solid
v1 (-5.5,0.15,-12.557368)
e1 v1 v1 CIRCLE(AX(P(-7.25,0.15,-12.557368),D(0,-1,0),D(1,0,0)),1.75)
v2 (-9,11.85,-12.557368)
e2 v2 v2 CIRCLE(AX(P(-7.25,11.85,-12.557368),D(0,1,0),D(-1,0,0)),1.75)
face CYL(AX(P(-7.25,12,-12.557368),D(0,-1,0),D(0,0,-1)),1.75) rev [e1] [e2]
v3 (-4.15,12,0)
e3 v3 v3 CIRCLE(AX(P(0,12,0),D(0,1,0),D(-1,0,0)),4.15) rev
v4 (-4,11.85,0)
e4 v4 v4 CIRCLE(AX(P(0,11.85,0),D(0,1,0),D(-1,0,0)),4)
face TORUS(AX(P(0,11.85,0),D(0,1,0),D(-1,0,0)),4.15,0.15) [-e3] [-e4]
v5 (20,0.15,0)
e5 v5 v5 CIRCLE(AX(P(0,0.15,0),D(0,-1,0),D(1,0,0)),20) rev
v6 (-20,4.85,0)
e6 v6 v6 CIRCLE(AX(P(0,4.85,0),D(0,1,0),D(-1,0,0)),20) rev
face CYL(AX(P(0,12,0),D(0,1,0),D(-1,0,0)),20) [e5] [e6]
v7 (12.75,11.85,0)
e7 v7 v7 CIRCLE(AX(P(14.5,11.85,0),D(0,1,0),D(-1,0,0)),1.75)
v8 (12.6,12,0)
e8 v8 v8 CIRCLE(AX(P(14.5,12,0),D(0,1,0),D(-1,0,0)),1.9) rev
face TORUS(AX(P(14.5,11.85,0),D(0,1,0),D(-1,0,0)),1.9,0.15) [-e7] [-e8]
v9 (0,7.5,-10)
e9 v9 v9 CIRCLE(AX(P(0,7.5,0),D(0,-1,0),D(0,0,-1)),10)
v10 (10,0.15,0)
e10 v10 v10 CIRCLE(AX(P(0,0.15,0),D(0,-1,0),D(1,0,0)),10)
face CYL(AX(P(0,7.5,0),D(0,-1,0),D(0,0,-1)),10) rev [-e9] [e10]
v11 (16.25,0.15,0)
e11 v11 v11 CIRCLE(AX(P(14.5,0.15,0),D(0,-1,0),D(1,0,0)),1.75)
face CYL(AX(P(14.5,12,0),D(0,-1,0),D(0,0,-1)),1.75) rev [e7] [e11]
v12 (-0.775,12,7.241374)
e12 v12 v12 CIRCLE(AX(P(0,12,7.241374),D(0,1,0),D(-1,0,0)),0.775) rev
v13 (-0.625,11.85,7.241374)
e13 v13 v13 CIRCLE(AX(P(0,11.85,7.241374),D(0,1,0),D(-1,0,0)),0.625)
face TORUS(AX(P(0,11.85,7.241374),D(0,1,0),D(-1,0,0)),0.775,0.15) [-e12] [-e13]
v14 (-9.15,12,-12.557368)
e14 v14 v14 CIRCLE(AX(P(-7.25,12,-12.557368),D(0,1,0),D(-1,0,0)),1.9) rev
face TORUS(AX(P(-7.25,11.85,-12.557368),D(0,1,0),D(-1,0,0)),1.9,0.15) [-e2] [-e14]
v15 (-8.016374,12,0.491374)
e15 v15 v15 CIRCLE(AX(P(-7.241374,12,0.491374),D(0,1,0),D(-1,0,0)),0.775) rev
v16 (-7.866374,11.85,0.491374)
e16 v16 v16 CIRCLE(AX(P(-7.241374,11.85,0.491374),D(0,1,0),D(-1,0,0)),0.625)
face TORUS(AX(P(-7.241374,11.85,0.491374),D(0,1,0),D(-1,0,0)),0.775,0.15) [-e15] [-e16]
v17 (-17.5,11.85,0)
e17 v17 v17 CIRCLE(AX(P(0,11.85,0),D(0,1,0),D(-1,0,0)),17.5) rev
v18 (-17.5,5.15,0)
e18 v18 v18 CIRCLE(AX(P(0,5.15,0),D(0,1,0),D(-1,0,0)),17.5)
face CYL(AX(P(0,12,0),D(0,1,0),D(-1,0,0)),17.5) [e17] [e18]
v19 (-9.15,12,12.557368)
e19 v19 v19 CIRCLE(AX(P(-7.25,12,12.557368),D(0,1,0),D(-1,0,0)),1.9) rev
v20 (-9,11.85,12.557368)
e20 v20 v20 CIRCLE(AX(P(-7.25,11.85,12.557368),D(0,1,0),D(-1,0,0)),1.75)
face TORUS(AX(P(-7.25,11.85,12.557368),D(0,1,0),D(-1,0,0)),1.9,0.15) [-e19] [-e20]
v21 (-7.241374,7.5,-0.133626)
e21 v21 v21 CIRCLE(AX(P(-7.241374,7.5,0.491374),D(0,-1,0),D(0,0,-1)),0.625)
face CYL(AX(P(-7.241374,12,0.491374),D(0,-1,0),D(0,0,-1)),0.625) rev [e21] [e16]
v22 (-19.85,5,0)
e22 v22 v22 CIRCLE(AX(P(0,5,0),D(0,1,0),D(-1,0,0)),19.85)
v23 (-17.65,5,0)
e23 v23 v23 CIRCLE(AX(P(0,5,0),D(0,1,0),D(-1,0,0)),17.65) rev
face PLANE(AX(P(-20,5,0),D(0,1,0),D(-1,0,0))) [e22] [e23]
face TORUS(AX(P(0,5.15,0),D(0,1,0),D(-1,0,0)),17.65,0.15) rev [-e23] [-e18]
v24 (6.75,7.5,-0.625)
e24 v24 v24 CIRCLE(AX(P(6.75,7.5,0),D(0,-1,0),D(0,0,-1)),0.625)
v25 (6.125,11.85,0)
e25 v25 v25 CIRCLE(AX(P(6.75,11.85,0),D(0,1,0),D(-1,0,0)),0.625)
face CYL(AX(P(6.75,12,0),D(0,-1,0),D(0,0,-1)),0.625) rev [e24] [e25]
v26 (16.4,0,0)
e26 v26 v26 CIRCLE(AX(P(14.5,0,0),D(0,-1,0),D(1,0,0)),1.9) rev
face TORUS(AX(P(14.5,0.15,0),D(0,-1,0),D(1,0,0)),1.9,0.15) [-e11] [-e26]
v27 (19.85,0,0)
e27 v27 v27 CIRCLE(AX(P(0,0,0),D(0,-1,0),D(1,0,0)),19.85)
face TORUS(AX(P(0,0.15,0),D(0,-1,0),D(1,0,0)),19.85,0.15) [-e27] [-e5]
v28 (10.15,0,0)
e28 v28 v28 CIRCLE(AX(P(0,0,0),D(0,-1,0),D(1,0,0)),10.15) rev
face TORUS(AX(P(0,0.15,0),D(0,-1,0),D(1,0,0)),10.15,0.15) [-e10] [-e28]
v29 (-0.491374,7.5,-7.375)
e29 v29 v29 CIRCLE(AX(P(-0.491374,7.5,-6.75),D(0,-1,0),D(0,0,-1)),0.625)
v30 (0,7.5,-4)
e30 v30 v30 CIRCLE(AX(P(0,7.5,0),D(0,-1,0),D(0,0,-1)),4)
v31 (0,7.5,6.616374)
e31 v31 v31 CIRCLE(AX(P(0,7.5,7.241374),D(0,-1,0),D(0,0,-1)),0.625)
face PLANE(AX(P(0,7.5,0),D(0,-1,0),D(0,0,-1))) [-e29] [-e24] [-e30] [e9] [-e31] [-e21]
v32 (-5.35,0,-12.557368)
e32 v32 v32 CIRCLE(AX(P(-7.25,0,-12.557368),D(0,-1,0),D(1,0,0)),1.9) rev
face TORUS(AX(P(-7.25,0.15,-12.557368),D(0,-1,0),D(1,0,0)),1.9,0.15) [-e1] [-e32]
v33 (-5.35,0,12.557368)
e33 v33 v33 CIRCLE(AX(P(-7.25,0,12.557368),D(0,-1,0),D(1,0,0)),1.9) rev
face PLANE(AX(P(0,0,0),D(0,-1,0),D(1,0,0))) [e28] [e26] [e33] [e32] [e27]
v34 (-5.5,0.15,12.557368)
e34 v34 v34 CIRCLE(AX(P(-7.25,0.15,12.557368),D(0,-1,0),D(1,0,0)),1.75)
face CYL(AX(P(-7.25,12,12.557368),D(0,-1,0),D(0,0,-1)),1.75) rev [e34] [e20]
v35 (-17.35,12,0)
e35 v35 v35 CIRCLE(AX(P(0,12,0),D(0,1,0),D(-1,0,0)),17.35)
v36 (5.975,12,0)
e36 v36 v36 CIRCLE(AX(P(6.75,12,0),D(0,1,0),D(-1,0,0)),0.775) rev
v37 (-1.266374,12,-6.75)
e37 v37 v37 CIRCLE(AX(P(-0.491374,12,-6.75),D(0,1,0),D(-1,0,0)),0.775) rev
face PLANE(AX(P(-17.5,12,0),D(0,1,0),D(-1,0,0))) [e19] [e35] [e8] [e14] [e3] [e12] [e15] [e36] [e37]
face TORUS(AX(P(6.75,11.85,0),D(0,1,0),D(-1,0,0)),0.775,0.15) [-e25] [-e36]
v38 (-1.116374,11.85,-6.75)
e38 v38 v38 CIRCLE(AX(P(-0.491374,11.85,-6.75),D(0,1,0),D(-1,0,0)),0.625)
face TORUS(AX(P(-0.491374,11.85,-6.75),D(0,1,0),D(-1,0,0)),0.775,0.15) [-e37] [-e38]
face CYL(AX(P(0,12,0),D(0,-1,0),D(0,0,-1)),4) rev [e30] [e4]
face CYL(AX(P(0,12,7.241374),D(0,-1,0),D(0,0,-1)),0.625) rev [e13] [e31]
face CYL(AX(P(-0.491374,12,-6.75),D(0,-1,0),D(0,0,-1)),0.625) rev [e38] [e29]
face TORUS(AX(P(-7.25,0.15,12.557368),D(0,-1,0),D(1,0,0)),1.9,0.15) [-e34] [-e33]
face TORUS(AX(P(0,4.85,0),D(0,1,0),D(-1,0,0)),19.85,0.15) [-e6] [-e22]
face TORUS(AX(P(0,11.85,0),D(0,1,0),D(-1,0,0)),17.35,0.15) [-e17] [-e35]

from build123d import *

# Parameters (mm, degrees)
SKETCH2_R          = 1.75
SKETCH2_R_2        = 4
SKETCH2_R_3        = 0.625
CUT_EXTRUDE2_DEPTH = 31.724582991
SKETCH2_4_R        = 10
SKETCH2_4_R_2      = 4
SKETCH2_4_R_3      = 0.625
SKETCH2_4_R_4      = 1.75
CUT_EXTRUDE3_DEPTH = 7.5
FILLET1_R          = 0.15


with BuildPart() as part:
    # Sketch1 → Revolve1 (revolve)
    with BuildSketch(Plane.XY):
        Polygon((0, 0), (-20, 0), (-20, 5), (-17.5, 5), (-17.5, 12), (0, 12), align=None)
    revolve(axis=Axis((0, 12, 0), (0, -1, 0)))

    # Sketch2 → Cut-Extrude2 (cut, through all)
    with BuildSketch(Plane.XZ):
        with Locations((14.5, 0)):
            Circle(SKETCH2_R)
        with Locations((-7.25, -12.557368355)):
            Circle(SKETCH2_R)
        with Locations((-7.25, 12.557368355)):
            Circle(SKETCH2_R)
        Circle(SKETCH2_R_2)
        with Locations((6.75, 0)):
            Circle(SKETCH2_R_3)
        with Locations((-0.491374179, -6.75)):
            Circle(SKETCH2_R_3)
        with Locations((-7.241374179, 0.491374179)):
            Circle(SKETCH2_R_3)
        with Locations((0, 7.241374179)):
            Circle(SKETCH2_R_3)
    extrude(amount=-CUT_EXTRUDE2_DEPTH, mode=Mode.SUBTRACT)

    # Sketch2<4> → Cut-Extrude3 (cut)
    # profile 1 of 4: a face of its own
    with BuildSketch(Plane.XZ):
        Circle(SKETCH2_4_R)
        Circle(SKETCH2_4_R_2, mode=Mode.SUBTRACT)
        with Locations((6.75, 0)):
            Circle(SKETCH2_4_R_3, mode=Mode.SUBTRACT)
        with Locations((-0.491374179, -6.75)):
            Circle(SKETCH2_4_R_3, mode=Mode.SUBTRACT)
        with Locations((-7.241374179, 0.491374179)):
            Circle(SKETCH2_4_R_3, mode=Mode.SUBTRACT)
        with Locations((0, 7.241374179)):
            Circle(SKETCH2_4_R_3, mode=Mode.SUBTRACT)
    # profile 2 of 4: a face of its own
    with BuildSketch(Plane.XZ):
        with Locations((14.5, 0)):
            Circle(SKETCH2_4_R_4)
    # profile 3 of 4: a face of its own
    with BuildSketch(Plane.XZ):
        with Locations((-7.25, -12.557368355)):
            Circle(SKETCH2_4_R_4)
    # profile 4 of 4: a face of its own
    with BuildSketch(Plane.XZ):
        with Locations((-7.25, 12.557368355)):
            Circle(SKETCH2_4_R_4)
    extrude(amount=-CUT_EXTRUDE3_DEPTH, mode=Mode.SUBTRACT)

    # Fillet1
    fillet1_edges = [part.edges().sort_by_distance(p)[0] for p in [
        (17.5, 5, 0),
        (20, 5, 0),
        (17.5, 12, 0),
        (-9, 12, 12.557368355),
        (-7.866374179, 12, 0.491374179),
        (-1.116374179, 12, -6.75),
        (12.75, 12, 0),
        (-4, 12, 0),
        (-9, 12, -12.557368355),
        (6.125, 12, 0),
        (-0.625, 12, 7.241374179),
        (20, 0, 0),
        (-9, 0, 12.557368355),
        (12.75, 0, 0),
        (-9, 0, -12.557368355),
        (-10, 0, 0),
    ]]
    fillet(fillet1_edges, radius=FILLET1_R)


solid = part.part
